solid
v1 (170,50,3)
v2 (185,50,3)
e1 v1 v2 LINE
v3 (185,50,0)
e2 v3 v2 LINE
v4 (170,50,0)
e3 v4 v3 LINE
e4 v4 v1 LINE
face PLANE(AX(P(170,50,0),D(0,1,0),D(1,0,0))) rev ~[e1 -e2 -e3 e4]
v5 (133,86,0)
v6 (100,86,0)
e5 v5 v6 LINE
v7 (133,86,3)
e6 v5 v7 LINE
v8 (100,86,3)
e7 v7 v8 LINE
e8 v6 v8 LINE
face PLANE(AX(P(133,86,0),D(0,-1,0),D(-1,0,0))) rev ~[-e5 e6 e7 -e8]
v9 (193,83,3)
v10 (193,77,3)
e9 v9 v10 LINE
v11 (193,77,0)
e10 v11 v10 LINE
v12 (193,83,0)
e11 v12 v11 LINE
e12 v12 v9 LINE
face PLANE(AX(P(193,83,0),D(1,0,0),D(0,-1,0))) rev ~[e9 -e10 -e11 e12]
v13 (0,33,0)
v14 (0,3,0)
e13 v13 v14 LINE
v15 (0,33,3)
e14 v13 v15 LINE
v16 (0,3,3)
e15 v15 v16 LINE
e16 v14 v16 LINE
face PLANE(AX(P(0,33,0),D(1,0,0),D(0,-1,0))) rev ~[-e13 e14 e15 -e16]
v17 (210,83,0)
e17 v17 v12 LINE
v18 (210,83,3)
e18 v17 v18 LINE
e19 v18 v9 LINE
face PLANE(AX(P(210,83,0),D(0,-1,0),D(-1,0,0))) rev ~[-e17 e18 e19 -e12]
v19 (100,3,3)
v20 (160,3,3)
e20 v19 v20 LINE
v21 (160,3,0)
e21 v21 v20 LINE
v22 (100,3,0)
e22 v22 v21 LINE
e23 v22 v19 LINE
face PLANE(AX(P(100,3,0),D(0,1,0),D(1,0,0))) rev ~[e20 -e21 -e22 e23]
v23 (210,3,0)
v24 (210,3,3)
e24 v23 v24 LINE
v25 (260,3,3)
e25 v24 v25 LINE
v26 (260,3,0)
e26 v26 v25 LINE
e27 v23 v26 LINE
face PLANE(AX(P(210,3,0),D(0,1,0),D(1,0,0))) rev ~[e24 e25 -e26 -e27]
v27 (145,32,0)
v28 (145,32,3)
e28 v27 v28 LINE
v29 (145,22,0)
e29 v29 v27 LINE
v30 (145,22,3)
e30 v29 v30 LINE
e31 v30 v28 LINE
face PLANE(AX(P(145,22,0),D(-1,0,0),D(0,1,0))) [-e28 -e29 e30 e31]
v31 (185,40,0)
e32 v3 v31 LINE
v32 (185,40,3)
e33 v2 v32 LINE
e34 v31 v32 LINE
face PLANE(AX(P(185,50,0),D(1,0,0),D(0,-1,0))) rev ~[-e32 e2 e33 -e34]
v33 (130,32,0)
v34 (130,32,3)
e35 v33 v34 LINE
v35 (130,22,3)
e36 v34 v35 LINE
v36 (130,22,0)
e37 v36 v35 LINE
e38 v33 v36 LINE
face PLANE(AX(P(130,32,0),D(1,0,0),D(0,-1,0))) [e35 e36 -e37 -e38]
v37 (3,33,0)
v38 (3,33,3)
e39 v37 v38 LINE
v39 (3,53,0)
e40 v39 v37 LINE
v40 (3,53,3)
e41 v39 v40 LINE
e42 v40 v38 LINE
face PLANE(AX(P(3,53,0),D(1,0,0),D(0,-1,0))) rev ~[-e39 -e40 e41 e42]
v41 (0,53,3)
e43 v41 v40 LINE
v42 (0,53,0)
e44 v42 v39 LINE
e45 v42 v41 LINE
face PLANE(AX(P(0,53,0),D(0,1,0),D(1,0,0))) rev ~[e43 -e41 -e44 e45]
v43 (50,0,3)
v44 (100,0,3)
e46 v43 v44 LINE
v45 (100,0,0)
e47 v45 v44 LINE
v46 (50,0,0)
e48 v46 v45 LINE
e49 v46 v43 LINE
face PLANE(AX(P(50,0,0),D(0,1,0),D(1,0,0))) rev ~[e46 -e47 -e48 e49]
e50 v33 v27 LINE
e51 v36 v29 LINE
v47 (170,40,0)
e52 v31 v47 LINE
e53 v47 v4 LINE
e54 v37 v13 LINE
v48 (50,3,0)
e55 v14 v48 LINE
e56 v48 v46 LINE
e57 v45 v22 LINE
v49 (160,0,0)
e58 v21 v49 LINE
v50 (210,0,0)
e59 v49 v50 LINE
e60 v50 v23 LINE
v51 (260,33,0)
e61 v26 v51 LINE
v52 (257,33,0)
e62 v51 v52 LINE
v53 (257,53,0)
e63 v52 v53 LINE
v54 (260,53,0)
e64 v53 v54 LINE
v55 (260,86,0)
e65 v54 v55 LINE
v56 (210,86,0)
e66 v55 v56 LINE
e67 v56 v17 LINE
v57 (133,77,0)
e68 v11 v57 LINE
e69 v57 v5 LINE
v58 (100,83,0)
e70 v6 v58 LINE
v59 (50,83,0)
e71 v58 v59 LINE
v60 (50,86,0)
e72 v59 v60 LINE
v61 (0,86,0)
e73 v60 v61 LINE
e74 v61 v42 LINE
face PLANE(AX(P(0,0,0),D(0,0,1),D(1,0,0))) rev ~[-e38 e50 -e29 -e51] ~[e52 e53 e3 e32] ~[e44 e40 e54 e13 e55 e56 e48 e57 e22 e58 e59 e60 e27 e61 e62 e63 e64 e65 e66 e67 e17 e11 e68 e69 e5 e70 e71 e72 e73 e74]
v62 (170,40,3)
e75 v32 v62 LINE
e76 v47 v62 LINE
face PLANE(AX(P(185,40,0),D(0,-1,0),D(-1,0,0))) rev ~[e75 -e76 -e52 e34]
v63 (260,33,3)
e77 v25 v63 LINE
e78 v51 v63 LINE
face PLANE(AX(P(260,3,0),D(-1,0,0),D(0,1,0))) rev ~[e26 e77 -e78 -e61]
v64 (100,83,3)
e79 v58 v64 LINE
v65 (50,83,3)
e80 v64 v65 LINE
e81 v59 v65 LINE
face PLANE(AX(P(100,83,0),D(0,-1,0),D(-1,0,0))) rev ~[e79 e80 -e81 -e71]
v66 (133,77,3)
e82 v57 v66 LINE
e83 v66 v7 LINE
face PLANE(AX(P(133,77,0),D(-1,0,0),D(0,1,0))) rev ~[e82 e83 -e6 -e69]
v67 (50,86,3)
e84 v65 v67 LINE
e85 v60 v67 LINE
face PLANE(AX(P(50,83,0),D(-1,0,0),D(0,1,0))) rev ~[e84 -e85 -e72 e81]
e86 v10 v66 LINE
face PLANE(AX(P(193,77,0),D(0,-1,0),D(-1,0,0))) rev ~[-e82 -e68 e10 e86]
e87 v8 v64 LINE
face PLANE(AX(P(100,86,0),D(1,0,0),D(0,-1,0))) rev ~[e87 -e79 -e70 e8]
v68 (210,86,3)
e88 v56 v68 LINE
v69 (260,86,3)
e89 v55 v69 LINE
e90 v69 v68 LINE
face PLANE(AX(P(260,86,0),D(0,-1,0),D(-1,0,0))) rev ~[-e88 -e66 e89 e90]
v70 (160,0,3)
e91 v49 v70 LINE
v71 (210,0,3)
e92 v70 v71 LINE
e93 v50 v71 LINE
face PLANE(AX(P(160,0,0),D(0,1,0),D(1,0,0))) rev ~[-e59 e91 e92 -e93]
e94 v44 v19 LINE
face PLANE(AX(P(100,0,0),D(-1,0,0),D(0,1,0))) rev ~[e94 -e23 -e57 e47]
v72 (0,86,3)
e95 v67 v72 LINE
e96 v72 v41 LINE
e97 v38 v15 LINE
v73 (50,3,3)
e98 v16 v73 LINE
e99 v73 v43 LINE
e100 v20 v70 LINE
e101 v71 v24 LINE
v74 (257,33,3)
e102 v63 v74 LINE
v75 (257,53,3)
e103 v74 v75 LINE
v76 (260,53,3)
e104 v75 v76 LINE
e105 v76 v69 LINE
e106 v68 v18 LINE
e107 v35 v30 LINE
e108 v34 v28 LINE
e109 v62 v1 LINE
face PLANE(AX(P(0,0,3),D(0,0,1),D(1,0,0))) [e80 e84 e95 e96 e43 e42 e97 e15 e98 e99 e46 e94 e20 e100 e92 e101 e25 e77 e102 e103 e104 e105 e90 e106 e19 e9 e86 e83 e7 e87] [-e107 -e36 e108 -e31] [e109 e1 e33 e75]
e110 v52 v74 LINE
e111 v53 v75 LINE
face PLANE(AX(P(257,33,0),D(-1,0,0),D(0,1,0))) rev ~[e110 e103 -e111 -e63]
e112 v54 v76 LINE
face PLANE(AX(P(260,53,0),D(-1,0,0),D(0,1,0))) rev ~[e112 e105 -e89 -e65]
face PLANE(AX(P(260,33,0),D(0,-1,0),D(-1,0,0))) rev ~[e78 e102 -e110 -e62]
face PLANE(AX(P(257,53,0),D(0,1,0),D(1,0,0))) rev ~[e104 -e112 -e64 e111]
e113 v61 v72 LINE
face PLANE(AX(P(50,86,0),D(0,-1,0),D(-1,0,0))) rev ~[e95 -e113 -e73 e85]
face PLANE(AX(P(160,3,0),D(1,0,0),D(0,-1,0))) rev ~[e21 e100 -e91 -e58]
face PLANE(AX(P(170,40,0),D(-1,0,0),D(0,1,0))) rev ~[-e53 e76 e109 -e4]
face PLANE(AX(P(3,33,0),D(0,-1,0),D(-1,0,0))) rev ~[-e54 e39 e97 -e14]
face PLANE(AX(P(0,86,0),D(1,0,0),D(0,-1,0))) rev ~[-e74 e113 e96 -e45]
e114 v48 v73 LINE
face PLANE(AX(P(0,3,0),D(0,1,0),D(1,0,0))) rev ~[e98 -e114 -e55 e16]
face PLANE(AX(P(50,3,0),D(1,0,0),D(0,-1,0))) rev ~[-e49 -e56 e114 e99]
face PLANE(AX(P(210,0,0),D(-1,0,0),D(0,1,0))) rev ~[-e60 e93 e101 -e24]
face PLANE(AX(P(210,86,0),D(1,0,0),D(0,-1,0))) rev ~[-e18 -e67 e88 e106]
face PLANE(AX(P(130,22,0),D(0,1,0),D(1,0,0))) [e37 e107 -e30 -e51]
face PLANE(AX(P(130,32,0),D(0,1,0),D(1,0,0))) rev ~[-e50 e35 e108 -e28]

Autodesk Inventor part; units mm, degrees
ref_plane "YZ Plane" through (0, 0, 0) normal (1, 0, 0) x (0, 1, 0)
ref_plane "XZ Plane" through (0, 0, 0) normal (0, 1, 0) x (-1, 0, 0)
ref_plane "XY Plane" through (0, 0, 0) normal (0, 0, 1) x (1, 0, 0)
sketch "Sketch1" plane through (0, 0, 0) normal (0, 0, 1) x (1, 0, 0)
  line L0 (0, 0) -> (0, 3) construction
  line L1 (0, 3) -> (50, 3)
  line L2 (50, 3) -> (50, 0)
  line L3 (50, 0) -> (100, 0)
  line L4 (100, 0) -> (100, 3)
  line L5 (100, 3) -> (160, 3)
  line L6 (160, 3) -> (160, 0)
  line L7 (160, 0) -> (210, 0)
  line L8 (210, 0) -> (210, 3)
  line L9 (210, 3) -> (260, 3)
  line L10 (260, 3) -> (260, 33)
  line L11 (260, 33) -> (257, 33)
  line L12 (257, 33) -> (257, 53)
  line L13 (257, 53) -> (260, 53)
  line L14 (260, 53) -> (260, 86)
  line L15 (0, 86) -> (0, 53)
  line L16 (0, 53) -> (3, 53)
  line L17 (3, 53) -> (3, 33)
  line L18 (3, 33) -> (0, 33)
  line L19 (0, 33) -> (0, 3)
  line L20 (260, 0) -> (260, 25) construction
  line L21 (260, 25) -> (260, 28) construction
  line L22 (135, 28) -> (135, 0) construction
  line L23 (135, 0) -> (135, 20) construction
  line L24 (130, 28) -> (130, 0) construction
  line L25 (130, 0) -> (130, 25) construction
  line L26 (260, 0) -> (260, 22) construction
  line L27 (260, 22) -> (260, 32) construction
  line L28 (260, 32) -> (145, 32) construction
  line L29 (145, 32) -> (130, 32) construction
  line L30 (130, 32) -> (130, 22)
  line L31 (145, 22) -> (145, 32)
  line L32 (130, 32) -> (145, 32)
  line L33 (130, 22) -> (145, 22)
  line L34 (260, 86) -> (210, 86)
  line L35 (210, 86) -> (210, 83)
  line L36 (100, 86) -> (100, 83)
  line L37 (100, 83) -> (50, 83)
  line L38 (50, 83) -> (50, 86)
  line L39 (50, 86) -> (0, 86)
  line L40 (260, 83) -> (193, 83) construction
  line L41 (193, 83) -> (193, 77)
  line L42 (193, 77) -> (133, 77)
  line L43 (133, 77) -> (133, 86)
  line L44 (210, 83) -> (193, 83)
  line L45 (133, 86) -> (100, 86)
  line L46 (145, 32) -> (170, 32) construction
  line L47 (170, 32) -> (170, 0) construction
  line L48 (170, 0) -> (170, 40) construction
  line L49 (170, 40) -> (170, 50)
  line L50 (170, 50) -> (185, 50)
  line L51 (185, 50) -> (185, 40)
  line L52 (185, 40) -> (170, 40)
  point P0 (0, 18)
  dimension "d0" = 3
  dimension "d2" = 50
  dimension "d3" = 60
  dimension "d4" = 50
  dimension "d5" = 50
  dimension "d6" = 30
  dimension "d7" = 3
  dimension "d8" = 20
  dimension "d9" = 33
  dimension "d10" = 33
  dimension "d11" = 3
  dimension "d12" = 20
  dimension "d24" = 20
  dimension "d29" = 25
  dimension "d32" = 22
  dimension "d33" = 10
  dimension "d34" = 115
  dimension "d35" = 15
  dimension "d37" = 3
  dimension "d40" = 50
  dimension "d41" = 50
  dimension "d42" = 67
  dimension "d43" = 6
  dimension "d44" = 60
  dimension "d45" = 25
  dimension "d46" = 40
  dimension "d47" = 10
  dimension "d48" = 15
extrude "Extrusion1" add sketch "Sketch1" along normal blind 3
properties part number "Belakang"
